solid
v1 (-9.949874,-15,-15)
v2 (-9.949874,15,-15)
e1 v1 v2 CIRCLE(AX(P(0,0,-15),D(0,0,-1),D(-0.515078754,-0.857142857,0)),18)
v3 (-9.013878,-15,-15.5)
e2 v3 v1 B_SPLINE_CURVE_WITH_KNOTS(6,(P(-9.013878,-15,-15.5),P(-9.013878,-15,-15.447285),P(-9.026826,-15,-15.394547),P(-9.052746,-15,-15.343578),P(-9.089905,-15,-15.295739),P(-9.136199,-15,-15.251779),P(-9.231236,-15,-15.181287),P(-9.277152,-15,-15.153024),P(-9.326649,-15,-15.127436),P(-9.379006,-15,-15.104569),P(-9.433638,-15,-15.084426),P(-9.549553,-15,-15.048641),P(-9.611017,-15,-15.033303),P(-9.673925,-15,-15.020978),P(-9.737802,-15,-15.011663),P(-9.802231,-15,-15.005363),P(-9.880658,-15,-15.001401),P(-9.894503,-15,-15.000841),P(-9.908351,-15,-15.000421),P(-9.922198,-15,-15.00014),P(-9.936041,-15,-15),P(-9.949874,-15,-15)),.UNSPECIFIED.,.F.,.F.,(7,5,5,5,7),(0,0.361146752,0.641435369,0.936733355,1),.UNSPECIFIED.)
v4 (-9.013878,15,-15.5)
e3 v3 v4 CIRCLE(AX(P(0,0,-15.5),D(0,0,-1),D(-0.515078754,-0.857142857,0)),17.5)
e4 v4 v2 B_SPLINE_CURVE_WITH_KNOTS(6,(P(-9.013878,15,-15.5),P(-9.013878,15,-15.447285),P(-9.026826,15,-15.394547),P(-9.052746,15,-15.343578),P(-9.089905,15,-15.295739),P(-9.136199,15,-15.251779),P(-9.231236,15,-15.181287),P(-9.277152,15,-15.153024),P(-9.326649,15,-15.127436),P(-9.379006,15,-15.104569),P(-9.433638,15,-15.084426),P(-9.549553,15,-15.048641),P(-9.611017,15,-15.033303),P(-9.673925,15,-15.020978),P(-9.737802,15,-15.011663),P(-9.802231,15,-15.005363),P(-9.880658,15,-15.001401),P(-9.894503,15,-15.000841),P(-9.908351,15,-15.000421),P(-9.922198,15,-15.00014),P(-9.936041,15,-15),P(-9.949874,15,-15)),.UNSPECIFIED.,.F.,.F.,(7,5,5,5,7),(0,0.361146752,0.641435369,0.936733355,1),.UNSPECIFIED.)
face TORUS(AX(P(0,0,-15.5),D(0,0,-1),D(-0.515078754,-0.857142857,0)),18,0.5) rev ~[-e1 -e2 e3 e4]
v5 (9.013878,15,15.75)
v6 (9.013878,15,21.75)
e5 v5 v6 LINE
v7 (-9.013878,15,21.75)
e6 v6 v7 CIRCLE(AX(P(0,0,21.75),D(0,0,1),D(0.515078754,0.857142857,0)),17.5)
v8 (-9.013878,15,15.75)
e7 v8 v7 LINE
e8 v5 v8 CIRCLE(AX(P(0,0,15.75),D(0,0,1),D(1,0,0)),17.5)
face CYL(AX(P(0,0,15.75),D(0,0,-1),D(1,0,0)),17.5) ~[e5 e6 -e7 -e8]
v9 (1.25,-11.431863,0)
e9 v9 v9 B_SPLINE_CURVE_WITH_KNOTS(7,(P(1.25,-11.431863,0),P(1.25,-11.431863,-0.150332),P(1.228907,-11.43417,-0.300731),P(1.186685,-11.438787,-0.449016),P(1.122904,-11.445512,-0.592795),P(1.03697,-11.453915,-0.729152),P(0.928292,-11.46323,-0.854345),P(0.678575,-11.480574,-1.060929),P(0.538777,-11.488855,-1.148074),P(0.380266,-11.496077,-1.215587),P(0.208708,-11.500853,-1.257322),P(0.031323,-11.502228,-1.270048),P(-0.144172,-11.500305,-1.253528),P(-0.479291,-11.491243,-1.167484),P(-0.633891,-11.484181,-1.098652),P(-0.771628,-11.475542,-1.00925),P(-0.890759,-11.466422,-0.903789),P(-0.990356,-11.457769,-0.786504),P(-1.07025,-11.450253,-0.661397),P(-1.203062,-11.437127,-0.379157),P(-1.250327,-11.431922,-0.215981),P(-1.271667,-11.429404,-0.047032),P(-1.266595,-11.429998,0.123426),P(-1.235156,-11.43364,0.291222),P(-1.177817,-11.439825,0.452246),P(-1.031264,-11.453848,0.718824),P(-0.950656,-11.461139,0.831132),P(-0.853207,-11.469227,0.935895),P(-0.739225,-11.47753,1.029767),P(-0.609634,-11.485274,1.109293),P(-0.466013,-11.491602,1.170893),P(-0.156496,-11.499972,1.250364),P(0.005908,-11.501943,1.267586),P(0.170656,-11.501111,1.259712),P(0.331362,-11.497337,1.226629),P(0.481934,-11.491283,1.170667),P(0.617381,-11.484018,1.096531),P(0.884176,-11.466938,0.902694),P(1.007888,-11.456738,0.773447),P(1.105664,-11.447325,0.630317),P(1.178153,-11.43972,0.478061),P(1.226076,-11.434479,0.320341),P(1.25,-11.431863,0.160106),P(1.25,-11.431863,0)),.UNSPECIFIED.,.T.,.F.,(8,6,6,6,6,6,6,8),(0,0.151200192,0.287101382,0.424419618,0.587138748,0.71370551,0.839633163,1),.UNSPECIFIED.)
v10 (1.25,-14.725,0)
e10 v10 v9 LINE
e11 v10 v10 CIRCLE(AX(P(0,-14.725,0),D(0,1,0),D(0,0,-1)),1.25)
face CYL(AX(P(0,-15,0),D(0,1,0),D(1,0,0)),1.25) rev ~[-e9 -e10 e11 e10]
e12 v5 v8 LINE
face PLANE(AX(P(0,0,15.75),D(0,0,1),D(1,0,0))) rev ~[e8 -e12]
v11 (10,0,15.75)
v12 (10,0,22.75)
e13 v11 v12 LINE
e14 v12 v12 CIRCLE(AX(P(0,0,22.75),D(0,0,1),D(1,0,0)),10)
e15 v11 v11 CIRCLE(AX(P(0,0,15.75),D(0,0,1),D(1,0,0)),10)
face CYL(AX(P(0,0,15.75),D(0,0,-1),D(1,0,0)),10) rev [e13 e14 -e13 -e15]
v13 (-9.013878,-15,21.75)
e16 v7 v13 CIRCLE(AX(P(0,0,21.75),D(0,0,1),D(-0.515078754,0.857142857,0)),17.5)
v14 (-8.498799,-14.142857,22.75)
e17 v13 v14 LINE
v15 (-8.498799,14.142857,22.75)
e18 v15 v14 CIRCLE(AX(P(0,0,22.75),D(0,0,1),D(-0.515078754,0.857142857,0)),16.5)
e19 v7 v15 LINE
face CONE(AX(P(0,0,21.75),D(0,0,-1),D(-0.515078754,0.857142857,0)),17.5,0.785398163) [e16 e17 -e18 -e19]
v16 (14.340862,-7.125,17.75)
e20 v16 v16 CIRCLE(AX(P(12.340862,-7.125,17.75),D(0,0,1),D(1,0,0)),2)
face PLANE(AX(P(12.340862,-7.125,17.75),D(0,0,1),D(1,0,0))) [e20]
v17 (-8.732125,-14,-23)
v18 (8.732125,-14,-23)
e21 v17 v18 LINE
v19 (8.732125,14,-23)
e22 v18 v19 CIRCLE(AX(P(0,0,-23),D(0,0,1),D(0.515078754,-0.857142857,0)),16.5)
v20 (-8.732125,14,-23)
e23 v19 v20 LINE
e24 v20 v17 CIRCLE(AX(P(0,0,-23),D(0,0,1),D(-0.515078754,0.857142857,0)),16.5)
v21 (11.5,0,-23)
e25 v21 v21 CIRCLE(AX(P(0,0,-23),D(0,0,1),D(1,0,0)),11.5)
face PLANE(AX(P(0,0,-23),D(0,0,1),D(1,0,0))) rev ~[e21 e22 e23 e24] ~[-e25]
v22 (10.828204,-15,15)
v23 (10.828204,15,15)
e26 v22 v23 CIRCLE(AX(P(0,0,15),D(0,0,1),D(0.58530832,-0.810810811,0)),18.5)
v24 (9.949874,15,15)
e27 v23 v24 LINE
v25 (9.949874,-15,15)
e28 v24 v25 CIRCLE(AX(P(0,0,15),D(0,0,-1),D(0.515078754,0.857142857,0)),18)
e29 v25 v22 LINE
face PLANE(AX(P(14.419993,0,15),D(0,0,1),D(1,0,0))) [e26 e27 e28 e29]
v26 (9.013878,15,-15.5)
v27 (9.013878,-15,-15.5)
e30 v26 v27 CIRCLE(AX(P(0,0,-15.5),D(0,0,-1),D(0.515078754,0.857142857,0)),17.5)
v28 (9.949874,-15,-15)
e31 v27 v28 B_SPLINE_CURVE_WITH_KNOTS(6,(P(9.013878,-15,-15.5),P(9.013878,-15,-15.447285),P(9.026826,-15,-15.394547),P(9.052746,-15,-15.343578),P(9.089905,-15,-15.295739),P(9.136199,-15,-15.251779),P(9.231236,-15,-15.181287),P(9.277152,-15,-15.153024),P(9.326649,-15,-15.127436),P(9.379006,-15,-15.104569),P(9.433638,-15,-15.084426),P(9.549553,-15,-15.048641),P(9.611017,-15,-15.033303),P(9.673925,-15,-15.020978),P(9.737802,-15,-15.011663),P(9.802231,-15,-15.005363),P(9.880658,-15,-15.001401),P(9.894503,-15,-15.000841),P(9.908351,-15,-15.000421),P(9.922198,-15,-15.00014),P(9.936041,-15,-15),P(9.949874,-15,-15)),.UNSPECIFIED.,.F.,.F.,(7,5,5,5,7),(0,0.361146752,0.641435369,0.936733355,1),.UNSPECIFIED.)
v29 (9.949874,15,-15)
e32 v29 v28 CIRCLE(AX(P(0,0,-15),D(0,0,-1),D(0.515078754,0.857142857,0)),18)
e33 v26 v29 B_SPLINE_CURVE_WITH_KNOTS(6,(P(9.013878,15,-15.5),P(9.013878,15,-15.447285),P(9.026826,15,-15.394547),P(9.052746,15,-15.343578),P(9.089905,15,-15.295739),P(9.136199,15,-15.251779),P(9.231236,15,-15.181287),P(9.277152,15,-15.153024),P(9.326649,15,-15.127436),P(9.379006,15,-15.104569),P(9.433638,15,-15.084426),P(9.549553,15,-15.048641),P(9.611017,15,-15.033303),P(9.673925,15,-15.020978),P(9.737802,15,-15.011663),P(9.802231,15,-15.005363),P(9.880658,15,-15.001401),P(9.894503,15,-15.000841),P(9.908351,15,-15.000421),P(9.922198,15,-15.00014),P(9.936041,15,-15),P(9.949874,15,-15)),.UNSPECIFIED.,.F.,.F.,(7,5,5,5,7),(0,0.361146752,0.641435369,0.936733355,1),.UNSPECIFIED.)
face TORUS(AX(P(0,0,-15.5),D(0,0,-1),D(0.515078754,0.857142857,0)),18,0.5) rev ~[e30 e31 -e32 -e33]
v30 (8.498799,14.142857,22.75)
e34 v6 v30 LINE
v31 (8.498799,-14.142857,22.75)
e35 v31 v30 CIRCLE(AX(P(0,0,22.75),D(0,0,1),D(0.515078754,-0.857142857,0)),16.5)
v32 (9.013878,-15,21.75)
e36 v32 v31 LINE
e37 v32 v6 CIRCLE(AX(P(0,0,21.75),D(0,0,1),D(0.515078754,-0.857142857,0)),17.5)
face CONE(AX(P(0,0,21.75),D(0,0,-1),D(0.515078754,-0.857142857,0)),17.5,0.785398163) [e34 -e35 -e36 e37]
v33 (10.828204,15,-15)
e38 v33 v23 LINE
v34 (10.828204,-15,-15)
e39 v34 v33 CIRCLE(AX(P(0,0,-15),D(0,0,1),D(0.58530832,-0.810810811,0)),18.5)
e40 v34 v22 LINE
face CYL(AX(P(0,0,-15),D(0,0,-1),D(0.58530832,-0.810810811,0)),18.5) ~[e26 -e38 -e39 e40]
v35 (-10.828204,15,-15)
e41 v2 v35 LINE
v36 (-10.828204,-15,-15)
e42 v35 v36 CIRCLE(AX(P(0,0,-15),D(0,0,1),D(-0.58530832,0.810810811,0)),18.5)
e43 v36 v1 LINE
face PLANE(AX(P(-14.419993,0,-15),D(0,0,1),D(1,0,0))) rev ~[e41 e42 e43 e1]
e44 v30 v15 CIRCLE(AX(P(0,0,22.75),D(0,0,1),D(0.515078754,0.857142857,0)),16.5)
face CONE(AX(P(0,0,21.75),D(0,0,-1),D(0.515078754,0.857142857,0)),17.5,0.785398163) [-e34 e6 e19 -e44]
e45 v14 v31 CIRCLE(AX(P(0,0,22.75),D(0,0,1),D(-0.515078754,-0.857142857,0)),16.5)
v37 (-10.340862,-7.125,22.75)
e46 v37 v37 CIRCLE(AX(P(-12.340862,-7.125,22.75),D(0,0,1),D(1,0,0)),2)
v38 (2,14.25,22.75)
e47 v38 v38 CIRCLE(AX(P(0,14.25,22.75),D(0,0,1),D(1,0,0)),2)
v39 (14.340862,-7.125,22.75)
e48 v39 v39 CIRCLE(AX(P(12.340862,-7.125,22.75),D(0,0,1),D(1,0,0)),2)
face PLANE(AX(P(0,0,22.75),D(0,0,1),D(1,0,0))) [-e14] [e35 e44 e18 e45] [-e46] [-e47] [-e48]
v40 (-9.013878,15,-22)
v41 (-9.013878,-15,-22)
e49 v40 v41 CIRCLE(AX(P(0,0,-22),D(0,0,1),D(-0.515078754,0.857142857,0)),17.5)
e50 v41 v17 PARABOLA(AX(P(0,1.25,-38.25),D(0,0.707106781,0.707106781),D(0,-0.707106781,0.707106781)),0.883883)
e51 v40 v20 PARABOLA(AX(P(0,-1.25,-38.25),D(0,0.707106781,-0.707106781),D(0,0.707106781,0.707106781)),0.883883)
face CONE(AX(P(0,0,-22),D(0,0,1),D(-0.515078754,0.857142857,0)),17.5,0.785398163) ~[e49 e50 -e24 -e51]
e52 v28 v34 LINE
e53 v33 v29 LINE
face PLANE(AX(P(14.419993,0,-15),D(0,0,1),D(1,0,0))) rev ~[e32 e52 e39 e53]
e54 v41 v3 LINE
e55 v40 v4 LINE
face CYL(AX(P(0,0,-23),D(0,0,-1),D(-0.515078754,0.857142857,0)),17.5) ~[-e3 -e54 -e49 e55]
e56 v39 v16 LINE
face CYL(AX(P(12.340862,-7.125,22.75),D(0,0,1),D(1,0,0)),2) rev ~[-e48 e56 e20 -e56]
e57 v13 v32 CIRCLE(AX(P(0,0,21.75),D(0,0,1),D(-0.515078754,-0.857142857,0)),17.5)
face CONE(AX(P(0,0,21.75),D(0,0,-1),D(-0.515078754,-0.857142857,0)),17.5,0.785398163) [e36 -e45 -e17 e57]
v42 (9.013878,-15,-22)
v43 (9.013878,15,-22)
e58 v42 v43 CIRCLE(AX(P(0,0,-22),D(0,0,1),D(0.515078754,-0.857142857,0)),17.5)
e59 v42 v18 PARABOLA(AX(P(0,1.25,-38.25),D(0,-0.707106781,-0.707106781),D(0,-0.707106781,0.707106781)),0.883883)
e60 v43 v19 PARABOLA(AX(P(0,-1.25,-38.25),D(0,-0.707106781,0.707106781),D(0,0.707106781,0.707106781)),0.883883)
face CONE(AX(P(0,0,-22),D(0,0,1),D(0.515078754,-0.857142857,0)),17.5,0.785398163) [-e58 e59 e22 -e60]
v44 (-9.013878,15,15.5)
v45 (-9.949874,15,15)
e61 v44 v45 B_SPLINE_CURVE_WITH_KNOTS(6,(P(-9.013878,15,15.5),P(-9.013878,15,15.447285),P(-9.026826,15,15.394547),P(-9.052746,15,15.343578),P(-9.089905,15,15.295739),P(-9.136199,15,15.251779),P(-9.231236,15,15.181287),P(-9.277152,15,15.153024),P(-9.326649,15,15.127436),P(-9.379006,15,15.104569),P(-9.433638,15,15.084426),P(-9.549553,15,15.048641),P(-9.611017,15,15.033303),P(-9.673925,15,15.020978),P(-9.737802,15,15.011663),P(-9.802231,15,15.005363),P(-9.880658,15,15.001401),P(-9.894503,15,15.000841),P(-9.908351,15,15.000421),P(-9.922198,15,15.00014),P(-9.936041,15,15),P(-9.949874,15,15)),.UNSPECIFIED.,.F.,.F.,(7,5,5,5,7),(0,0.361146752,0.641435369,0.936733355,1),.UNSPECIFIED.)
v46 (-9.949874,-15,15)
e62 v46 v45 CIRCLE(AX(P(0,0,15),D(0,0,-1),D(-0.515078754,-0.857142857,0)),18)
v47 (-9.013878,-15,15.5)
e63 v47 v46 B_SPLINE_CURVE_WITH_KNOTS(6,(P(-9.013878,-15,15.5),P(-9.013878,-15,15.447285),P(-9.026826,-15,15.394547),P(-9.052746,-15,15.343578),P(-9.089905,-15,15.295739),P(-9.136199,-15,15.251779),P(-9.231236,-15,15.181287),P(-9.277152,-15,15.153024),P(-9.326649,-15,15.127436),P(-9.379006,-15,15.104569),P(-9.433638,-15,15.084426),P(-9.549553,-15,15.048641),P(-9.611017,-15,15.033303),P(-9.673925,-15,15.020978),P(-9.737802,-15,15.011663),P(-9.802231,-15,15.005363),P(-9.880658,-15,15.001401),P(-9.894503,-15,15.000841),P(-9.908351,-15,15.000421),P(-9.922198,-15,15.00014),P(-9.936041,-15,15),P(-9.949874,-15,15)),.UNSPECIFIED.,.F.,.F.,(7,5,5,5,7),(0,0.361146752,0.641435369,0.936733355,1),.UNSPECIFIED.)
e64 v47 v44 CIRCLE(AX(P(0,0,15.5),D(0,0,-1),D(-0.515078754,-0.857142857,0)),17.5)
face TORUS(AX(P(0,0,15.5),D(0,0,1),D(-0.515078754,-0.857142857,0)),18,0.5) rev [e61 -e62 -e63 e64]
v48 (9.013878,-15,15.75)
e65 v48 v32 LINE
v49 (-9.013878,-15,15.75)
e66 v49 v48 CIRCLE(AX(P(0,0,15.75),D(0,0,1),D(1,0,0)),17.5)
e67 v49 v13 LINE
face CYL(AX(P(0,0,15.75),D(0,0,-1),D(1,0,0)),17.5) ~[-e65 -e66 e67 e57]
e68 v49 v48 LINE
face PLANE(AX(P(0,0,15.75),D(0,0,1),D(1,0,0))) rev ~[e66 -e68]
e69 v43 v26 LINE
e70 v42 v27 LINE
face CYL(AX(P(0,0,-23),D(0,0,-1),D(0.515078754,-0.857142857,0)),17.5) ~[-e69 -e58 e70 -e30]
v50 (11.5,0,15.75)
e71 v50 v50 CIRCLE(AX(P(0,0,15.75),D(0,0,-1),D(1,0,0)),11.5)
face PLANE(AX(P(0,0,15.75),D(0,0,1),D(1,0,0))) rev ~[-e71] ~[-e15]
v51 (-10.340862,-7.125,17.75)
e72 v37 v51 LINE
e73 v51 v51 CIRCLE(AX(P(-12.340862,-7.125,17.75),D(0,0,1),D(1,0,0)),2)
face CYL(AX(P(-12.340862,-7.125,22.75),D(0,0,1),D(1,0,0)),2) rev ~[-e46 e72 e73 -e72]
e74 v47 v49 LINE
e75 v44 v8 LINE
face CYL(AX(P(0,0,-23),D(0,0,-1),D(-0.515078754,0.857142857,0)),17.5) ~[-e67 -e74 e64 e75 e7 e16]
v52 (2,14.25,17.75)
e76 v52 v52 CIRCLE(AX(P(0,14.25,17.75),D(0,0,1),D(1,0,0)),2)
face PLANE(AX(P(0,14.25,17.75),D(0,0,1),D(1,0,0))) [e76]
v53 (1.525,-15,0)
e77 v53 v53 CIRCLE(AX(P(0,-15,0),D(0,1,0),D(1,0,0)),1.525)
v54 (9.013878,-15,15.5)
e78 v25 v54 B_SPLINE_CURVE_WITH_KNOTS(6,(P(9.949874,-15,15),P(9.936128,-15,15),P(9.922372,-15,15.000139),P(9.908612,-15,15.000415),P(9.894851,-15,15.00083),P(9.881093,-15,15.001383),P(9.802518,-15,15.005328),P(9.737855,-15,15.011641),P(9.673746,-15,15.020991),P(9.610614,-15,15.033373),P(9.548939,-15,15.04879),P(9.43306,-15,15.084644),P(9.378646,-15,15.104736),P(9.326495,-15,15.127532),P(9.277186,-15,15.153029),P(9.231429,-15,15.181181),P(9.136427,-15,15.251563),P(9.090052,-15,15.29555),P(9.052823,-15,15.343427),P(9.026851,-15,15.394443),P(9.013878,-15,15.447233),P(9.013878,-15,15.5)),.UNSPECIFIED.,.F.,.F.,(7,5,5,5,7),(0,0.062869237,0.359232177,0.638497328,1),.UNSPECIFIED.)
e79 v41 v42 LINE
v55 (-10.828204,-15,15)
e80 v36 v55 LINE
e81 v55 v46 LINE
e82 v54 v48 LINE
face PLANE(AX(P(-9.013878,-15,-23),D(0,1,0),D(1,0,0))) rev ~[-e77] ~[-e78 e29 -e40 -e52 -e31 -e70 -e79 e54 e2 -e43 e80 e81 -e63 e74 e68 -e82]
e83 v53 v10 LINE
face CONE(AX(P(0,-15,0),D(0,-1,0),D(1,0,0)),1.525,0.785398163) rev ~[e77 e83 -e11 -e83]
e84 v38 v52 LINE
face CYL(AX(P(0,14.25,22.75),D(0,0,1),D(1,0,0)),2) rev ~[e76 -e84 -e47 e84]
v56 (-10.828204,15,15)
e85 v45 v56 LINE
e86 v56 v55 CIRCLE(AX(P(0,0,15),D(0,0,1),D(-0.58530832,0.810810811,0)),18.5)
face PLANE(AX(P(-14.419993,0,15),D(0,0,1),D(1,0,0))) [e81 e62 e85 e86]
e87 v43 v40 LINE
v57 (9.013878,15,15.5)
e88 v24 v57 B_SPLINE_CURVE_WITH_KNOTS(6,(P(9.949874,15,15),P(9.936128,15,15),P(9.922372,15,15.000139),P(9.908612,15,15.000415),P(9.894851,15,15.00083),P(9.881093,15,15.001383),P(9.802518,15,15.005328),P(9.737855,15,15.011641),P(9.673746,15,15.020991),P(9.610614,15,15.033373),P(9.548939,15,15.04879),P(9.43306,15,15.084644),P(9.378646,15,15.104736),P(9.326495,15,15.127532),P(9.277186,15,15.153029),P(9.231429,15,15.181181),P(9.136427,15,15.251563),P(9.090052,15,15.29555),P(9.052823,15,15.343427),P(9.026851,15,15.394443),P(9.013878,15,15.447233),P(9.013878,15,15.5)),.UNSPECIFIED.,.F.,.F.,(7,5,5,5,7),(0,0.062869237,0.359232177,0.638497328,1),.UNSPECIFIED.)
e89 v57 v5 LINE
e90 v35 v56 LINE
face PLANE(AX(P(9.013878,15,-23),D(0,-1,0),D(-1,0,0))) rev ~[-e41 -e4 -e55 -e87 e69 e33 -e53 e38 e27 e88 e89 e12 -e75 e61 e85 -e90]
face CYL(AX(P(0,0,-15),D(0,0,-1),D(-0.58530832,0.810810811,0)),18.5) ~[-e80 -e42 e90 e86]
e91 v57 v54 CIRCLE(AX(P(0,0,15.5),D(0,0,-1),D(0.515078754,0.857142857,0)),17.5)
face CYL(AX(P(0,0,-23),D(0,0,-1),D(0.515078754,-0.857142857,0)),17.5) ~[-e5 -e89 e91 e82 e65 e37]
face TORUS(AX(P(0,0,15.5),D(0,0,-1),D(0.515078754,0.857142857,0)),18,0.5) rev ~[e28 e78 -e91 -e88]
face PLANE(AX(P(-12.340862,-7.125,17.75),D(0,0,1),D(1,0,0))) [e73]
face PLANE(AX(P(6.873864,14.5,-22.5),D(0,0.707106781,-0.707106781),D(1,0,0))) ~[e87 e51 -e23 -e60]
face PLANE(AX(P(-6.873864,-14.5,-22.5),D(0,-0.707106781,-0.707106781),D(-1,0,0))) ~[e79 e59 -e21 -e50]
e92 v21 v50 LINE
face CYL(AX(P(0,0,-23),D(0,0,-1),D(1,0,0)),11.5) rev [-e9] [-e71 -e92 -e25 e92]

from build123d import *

# Parameters (mm, degrees)
BOSS_EXTRUDE1_DEPTH         = 22.75
BOSS_EXTRUDE1_DEPTH_BACK    = 23
SKETCH1_R                   = 11.5
BOSS_EXTRUDE2_DEPTH         = 15
BOSS_EXTRUDE2_DEPTH_BACK    = 15
BOSS_EXTRUDE3_START         = -7
SKETCH5_R                   = 17.5
SKETCH5_R_2                 = 10
BOSS_EXTRUDE3_DEPTH         = 7
SKETCH6_R                   = 2
CUT_EXTRUDE1_DEPTH          = 5
M3_TAPPED_HOLE1_D           = 2.5
M3_TAPPED_HOLE1_DEPTH       = 7.5
M3_TAPPED_HOLE1_CSINK_D     = 3.05
M3_TAPPED_HOLE1_CSINK_ANGLE = 90
M3_TAPPED_HOLE1_TIP         = 0.751075774
FILLET2_R                   = 0.5
CHAMFER1_SIZE               = 1
CHAMFER2_SIZE               = 1


with BuildPart() as part:
    # Sketch1 → Boss-Extrude1 (new, two sides: drawn at the far end of the back side and taken through both)
    with BuildSketch(Plane.XY.offset(-BOSS_EXTRUDE1_DEPTH_BACK)):
        with BuildLine():
            Line((9.013878189, 15), (-9.013878189, 15))
            ThreePointArc((-9.013878189, 15), (-17.5, 0), (-9.013878189, -15))
            Line((-9.013878189, -15), (9.013878189, -15))
            ThreePointArc((9.013878189, -15), (17.5, 0), (9.013878189, 15))
        make_face()
        Circle(SKETCH1_R, mode=Mode.SUBTRACT)
    extrude(amount=BOSS_EXTRUDE1_DEPTH + BOSS_EXTRUDE1_DEPTH_BACK)

    # Sketch1<23> → Boss-Extrude2 (add, two sides: drawn at the far end of the back side and taken through both)
    with BuildSketch(Plane.XY.offset(-BOSS_EXTRUDE2_DEPTH_BACK)):
        with BuildLine():
            Line((-9.013878189, 15), (-10.828203914, 15))
            ThreePointArc((-10.828203914, 15), (-18.5, 0), (-10.828203914, -15))
            Line((-10.828203914, -15), (-9.013878189, -15))
            ThreePointArc((-9.013878189, -15), (-17.5, 0), (-9.013878189, 15))
        make_face()
        with BuildLine():
            ThreePointArc((10.828203914, -15), (18.5, 0), (10.828203914, 15))
            Line((10.828203914, 15), (9.013878189, 15))
            ThreePointArc((9.013878189, 15), (17.5, 0), (9.013878189, -15))
            Line((9.013878189, -15), (10.828203914, -15))
        make_face()
    extrude(amount=BOSS_EXTRUDE2_DEPTH + BOSS_EXTRUDE2_DEPTH_BACK)

    # Sketch5 → Boss-Extrude3 (add)
    with BuildSketch(Plane.XY.offset(22.75).offset(BOSS_EXTRUDE3_START)):
        Circle(SKETCH5_R)
        Circle(SKETCH5_R_2, mode=Mode.SUBTRACT)
    extrude(amount=BOSS_EXTRUDE3_DEPTH)

    # Sketch6 → Cut-Extrude1 (cut)
    with BuildSketch(Plane.XY.offset(22.75)):
        with Locations((0, 14.25)):
            Circle(SKETCH6_R)
        with Locations((12.340862004, -7.125)):
            Circle(SKETCH6_R)
        with Locations((-12.340862004, -7.125)):
            Circle(SKETCH6_R)
    extrude(amount=-CUT_EXTRUDE1_DEPTH, mode=Mode.SUBTRACT)

    # M3 Tapped Hole1
    with Locations(Plane(origin=(0, -15, 0), x_dir=(-1, 0, 0), z_dir=(0, -1, 0))):
        with Locations((0, 0)):
            CounterSinkHole(M3_TAPPED_HOLE1_D / 2, M3_TAPPED_HOLE1_CSINK_D / 2, depth=M3_TAPPED_HOLE1_DEPTH, counter_sink_angle=M3_TAPPED_HOLE1_CSINK_ANGLE)
            with Locations((0, 0, -(M3_TAPPED_HOLE1_DEPTH + M3_TAPPED_HOLE1_TIP / 2))):  # 118° drill point
                Cone(0, M3_TAPPED_HOLE1_D / 2, M3_TAPPED_HOLE1_TIP, mode=Mode.SUBTRACT)

    # Fillet2
    fillet2_edges = [part.edges().sort_by_distance(p)[0] for p in [
        (-17.5, 0, -15),
        (17.5, 0, -15),
        (17.5, 0, 15),
        (-17.5, 0, 15),
    ]]
    fillet(fillet2_edges, radius=FILLET2_R)

    # Chamfer1
    chamfer1_edges = [part.edges().sort_by_distance(p)[0] for p in [
        (-9.013878189, 15, 22.75),
        (17.5, 0, -23),
        (-17.5, 0, -23),
    ]]
    chamfer(chamfer1_edges, length=CHAMFER1_SIZE)

    # Chamfer2
    chamfer2_edges = [part.edges().sort_by_distance(p)[0] for p in [
        (0, -15, -23),
        (0, 15, -23),
    ]]
    chamfer(chamfer2_edges, length=CHAMFER2_SIZE)


solid = part.part
